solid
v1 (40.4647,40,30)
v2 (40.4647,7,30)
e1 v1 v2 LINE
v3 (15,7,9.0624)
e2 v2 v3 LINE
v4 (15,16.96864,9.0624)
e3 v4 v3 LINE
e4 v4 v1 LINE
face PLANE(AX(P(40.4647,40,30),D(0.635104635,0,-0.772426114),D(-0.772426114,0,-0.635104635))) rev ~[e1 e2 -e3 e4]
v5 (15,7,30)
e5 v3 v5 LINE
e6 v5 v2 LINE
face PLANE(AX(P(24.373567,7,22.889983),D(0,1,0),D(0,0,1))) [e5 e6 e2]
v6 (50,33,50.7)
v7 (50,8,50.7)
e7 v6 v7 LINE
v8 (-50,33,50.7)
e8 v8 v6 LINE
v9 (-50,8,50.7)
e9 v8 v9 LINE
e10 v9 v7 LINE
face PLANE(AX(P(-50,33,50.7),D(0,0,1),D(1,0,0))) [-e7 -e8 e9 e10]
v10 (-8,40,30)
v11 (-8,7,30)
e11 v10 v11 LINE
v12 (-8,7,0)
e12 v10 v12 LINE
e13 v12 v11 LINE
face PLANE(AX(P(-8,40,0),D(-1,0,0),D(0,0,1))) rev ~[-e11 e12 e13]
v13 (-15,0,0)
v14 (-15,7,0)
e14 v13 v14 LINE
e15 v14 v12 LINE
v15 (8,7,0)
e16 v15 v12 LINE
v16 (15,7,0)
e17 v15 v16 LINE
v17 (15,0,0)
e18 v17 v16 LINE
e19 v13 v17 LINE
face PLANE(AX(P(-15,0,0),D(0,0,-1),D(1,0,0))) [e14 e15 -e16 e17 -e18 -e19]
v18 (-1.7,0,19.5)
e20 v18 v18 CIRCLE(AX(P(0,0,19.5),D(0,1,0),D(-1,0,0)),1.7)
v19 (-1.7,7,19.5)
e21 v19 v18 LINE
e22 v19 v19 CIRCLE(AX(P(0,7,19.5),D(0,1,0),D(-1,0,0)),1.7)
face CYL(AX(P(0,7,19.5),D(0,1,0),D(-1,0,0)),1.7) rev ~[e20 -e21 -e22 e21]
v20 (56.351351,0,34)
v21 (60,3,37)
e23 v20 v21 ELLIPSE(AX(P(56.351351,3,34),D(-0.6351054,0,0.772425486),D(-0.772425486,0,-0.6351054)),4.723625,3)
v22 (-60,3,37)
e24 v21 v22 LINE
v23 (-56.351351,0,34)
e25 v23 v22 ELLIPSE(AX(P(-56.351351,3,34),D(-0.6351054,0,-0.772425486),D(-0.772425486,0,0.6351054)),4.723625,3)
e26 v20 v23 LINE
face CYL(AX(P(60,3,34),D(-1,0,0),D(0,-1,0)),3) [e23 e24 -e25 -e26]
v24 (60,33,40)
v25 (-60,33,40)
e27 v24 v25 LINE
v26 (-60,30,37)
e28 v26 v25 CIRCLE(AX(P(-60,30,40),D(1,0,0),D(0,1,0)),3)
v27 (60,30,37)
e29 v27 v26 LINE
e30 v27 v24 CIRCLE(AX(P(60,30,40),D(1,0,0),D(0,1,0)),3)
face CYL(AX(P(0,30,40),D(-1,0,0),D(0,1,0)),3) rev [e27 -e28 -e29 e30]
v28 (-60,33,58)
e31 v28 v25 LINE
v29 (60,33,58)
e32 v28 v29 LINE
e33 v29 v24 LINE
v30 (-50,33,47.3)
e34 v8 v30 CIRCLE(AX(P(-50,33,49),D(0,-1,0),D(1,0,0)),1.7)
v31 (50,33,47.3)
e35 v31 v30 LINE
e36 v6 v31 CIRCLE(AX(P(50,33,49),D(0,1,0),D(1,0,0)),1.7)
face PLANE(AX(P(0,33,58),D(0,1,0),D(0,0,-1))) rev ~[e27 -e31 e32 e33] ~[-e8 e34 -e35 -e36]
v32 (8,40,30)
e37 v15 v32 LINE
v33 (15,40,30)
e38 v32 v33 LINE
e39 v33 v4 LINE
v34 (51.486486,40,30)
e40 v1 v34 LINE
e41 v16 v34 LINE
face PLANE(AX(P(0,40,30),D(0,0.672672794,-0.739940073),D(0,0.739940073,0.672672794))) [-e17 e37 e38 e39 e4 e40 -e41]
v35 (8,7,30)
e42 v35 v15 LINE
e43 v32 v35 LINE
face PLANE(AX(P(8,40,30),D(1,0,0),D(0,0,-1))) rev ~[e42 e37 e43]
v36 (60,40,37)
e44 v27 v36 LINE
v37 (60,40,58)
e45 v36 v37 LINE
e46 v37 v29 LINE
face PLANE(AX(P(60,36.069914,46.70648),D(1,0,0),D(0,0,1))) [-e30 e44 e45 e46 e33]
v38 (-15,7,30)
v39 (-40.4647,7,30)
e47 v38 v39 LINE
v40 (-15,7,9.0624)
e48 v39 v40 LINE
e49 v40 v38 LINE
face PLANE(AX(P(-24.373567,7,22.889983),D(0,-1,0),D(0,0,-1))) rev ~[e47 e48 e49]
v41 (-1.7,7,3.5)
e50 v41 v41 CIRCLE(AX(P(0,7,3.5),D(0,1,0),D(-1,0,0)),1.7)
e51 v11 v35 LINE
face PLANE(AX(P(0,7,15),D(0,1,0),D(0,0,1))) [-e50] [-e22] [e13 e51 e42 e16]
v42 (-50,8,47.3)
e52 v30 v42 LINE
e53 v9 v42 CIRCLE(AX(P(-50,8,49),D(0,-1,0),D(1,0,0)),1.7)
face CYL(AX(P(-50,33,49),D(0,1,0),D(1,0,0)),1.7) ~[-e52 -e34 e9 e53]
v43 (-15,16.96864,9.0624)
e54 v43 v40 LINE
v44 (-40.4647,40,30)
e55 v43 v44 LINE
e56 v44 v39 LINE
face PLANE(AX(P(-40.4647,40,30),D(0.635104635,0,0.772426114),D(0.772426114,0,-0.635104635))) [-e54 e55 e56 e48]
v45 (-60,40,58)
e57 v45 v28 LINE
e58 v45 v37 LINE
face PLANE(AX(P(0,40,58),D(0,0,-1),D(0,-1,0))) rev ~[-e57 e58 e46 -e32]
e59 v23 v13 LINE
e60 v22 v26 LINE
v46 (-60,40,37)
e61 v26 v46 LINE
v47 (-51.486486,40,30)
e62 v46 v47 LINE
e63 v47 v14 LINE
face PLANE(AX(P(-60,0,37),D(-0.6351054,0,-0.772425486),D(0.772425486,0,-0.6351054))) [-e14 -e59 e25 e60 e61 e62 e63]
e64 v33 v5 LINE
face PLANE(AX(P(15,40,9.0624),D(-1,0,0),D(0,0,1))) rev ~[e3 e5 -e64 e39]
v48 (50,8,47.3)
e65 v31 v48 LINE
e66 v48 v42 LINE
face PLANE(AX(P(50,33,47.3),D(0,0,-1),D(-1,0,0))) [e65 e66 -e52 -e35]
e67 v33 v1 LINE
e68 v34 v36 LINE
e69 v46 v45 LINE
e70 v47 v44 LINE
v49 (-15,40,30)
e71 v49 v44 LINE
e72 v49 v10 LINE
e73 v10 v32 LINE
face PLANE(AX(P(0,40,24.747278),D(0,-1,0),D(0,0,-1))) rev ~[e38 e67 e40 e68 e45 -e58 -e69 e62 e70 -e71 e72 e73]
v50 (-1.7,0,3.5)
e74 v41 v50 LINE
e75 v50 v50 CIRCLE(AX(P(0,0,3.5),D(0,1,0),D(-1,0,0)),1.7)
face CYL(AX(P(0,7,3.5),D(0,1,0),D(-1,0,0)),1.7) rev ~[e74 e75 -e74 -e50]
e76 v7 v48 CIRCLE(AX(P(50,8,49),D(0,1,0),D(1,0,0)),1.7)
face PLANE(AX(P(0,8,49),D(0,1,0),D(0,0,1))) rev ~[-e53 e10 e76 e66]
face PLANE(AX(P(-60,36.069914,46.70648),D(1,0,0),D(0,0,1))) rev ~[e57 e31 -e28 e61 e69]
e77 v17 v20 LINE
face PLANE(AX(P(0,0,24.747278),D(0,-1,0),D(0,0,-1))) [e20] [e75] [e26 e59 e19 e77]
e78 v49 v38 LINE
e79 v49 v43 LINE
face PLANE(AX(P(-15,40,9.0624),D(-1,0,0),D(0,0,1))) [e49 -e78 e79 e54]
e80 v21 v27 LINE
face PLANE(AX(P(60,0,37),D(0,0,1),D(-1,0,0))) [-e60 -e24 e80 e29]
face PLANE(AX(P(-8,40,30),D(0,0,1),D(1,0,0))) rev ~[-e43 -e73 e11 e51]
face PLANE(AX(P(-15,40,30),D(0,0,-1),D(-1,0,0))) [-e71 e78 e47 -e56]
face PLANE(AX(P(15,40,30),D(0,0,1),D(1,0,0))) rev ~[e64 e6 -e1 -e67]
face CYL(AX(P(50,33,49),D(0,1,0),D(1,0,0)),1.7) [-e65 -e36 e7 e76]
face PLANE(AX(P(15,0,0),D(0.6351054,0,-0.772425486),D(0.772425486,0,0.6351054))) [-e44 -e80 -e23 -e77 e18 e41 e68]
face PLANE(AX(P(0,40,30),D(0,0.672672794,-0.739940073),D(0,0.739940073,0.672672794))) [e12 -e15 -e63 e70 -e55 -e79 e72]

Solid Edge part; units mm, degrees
sketch "Sketch1" plane through (0, 0, 0) normal (0, -1, 0) x (1, 0, 0)
  line L0 (-60, 37) -> (-15, 0)
  line L1 (-15, 0) -> (15, 0)
  line L2 (15, 0) -> (60, 37)
  line L3 (60, 37) -> (-60, 37)
  dimension "D1" = 30
  dimension "D2" = 120
  dimension "D3" = 37
extrude "Protrusion1" add sketch "Sketch1" against normal blind 40
sketch "Sketch2" plane through (0, 40, 18.5) normal (0, 1, 0) x (-1, 0, 0)
  line L0 (-8, -18.5) -> (8, -18.5)
  line L1 (8, -18.5) -> (8, 11.5)
  line L2 (8, 11.5) -> (-8, 11.5)
  line L3 (-8, 11.5) -> (-8, -18.5)
  line L4 (-40.4647, 11.5) -> (-15, -9.4376)
  line L5 (-15, -9.4376) -> (-15, 11.5)
  line L6 (-15, 11.5) -> (-40.4647, 11.5)
  line L7 (40.4647, 11.5) -> (15, -9.4376)
  line L8 (15, -9.4376) -> (15, 11.5)
  line L9 (15, 11.5) -> (40.4647, 11.5)
  dimension "D1" = 16
  dimension "D2" = 10.5
  dimension "D3" = 16
  dimension "D4" = 7
  dimension "D5" = 7
  dimension "D6" = 7
extrude "ExtrudedCutout_1" cut sketch "Sketch2" against normal blind 33
sketch "Sketch3" plane through (0, 7, 15) normal (0, 1, 0) x (-1, 0, 0)
  circle A0 centre (0, -11.5) radius 1.7
  circle A1 centre (0, 4.5) radius 1.7
  dimension "D1" = 1.7
  dimension "D2" = 100
  dimension "D3" = 12
extrude "Cutout1" cut sketch "Sketch3" against normal through all
sketch "Sketch4" plane through (0, 0, 0) normal (1, 0, 0) x (0, 1, 0)
  line L0 (7, 0) -> (40, 30)
extrude "Cutout2" cut sketch "Sketch4" against normal through all and the other way through all material side at (0, 23.5336, 14.963)
sketch "Sketch5" plane through (0, 0, 0) normal (1, 0, 0) x (0, 1, 0)
  line L0 (40, 37) -> (40, 58)
  line L1 (40, 58) -> (33, 58)
  line L2 (33, 58) -> (33, 40)
  arc A0 (30, 37) -> (33, 40) centre (30, 40) ccw
  line L3 (40, 37) -> (30, 37)
  dimension "D1" = 7
  dimension "D2" = 3
  dimension "D3" = 21
extrude "ExtrudedProtrusion_3" add sketch "Sketch5" along normal mid plane 120
fillet "Round_1" radius 3 1 edges at (0, 0, 37)
extrude "Cutout3" [suppressed]
sketch "Sketch6" plane through (0, 33, 49) normal (0, -1, 0) x (1, 0, 0)
  line L0 (-50, 1.7) -> (50, 1.7)
  arc A0 (50, 1.7) -> (50, -1.7) centre (50, 0) cw
  line L1 (50, -1.7) -> (-50, -1.7)
  arc A1 (-50, 1.7) -> (-50, -1.7) centre (-50, 0) ccw
  dimension "D1" = 1.7
  dimension "D2" = 100
  dimension "D3" = 12
extrude "ExtrudedProtrusion_4" add sketch "Sketch6" along normal blind 25
properties material "ABS Plastic, medium impact"
